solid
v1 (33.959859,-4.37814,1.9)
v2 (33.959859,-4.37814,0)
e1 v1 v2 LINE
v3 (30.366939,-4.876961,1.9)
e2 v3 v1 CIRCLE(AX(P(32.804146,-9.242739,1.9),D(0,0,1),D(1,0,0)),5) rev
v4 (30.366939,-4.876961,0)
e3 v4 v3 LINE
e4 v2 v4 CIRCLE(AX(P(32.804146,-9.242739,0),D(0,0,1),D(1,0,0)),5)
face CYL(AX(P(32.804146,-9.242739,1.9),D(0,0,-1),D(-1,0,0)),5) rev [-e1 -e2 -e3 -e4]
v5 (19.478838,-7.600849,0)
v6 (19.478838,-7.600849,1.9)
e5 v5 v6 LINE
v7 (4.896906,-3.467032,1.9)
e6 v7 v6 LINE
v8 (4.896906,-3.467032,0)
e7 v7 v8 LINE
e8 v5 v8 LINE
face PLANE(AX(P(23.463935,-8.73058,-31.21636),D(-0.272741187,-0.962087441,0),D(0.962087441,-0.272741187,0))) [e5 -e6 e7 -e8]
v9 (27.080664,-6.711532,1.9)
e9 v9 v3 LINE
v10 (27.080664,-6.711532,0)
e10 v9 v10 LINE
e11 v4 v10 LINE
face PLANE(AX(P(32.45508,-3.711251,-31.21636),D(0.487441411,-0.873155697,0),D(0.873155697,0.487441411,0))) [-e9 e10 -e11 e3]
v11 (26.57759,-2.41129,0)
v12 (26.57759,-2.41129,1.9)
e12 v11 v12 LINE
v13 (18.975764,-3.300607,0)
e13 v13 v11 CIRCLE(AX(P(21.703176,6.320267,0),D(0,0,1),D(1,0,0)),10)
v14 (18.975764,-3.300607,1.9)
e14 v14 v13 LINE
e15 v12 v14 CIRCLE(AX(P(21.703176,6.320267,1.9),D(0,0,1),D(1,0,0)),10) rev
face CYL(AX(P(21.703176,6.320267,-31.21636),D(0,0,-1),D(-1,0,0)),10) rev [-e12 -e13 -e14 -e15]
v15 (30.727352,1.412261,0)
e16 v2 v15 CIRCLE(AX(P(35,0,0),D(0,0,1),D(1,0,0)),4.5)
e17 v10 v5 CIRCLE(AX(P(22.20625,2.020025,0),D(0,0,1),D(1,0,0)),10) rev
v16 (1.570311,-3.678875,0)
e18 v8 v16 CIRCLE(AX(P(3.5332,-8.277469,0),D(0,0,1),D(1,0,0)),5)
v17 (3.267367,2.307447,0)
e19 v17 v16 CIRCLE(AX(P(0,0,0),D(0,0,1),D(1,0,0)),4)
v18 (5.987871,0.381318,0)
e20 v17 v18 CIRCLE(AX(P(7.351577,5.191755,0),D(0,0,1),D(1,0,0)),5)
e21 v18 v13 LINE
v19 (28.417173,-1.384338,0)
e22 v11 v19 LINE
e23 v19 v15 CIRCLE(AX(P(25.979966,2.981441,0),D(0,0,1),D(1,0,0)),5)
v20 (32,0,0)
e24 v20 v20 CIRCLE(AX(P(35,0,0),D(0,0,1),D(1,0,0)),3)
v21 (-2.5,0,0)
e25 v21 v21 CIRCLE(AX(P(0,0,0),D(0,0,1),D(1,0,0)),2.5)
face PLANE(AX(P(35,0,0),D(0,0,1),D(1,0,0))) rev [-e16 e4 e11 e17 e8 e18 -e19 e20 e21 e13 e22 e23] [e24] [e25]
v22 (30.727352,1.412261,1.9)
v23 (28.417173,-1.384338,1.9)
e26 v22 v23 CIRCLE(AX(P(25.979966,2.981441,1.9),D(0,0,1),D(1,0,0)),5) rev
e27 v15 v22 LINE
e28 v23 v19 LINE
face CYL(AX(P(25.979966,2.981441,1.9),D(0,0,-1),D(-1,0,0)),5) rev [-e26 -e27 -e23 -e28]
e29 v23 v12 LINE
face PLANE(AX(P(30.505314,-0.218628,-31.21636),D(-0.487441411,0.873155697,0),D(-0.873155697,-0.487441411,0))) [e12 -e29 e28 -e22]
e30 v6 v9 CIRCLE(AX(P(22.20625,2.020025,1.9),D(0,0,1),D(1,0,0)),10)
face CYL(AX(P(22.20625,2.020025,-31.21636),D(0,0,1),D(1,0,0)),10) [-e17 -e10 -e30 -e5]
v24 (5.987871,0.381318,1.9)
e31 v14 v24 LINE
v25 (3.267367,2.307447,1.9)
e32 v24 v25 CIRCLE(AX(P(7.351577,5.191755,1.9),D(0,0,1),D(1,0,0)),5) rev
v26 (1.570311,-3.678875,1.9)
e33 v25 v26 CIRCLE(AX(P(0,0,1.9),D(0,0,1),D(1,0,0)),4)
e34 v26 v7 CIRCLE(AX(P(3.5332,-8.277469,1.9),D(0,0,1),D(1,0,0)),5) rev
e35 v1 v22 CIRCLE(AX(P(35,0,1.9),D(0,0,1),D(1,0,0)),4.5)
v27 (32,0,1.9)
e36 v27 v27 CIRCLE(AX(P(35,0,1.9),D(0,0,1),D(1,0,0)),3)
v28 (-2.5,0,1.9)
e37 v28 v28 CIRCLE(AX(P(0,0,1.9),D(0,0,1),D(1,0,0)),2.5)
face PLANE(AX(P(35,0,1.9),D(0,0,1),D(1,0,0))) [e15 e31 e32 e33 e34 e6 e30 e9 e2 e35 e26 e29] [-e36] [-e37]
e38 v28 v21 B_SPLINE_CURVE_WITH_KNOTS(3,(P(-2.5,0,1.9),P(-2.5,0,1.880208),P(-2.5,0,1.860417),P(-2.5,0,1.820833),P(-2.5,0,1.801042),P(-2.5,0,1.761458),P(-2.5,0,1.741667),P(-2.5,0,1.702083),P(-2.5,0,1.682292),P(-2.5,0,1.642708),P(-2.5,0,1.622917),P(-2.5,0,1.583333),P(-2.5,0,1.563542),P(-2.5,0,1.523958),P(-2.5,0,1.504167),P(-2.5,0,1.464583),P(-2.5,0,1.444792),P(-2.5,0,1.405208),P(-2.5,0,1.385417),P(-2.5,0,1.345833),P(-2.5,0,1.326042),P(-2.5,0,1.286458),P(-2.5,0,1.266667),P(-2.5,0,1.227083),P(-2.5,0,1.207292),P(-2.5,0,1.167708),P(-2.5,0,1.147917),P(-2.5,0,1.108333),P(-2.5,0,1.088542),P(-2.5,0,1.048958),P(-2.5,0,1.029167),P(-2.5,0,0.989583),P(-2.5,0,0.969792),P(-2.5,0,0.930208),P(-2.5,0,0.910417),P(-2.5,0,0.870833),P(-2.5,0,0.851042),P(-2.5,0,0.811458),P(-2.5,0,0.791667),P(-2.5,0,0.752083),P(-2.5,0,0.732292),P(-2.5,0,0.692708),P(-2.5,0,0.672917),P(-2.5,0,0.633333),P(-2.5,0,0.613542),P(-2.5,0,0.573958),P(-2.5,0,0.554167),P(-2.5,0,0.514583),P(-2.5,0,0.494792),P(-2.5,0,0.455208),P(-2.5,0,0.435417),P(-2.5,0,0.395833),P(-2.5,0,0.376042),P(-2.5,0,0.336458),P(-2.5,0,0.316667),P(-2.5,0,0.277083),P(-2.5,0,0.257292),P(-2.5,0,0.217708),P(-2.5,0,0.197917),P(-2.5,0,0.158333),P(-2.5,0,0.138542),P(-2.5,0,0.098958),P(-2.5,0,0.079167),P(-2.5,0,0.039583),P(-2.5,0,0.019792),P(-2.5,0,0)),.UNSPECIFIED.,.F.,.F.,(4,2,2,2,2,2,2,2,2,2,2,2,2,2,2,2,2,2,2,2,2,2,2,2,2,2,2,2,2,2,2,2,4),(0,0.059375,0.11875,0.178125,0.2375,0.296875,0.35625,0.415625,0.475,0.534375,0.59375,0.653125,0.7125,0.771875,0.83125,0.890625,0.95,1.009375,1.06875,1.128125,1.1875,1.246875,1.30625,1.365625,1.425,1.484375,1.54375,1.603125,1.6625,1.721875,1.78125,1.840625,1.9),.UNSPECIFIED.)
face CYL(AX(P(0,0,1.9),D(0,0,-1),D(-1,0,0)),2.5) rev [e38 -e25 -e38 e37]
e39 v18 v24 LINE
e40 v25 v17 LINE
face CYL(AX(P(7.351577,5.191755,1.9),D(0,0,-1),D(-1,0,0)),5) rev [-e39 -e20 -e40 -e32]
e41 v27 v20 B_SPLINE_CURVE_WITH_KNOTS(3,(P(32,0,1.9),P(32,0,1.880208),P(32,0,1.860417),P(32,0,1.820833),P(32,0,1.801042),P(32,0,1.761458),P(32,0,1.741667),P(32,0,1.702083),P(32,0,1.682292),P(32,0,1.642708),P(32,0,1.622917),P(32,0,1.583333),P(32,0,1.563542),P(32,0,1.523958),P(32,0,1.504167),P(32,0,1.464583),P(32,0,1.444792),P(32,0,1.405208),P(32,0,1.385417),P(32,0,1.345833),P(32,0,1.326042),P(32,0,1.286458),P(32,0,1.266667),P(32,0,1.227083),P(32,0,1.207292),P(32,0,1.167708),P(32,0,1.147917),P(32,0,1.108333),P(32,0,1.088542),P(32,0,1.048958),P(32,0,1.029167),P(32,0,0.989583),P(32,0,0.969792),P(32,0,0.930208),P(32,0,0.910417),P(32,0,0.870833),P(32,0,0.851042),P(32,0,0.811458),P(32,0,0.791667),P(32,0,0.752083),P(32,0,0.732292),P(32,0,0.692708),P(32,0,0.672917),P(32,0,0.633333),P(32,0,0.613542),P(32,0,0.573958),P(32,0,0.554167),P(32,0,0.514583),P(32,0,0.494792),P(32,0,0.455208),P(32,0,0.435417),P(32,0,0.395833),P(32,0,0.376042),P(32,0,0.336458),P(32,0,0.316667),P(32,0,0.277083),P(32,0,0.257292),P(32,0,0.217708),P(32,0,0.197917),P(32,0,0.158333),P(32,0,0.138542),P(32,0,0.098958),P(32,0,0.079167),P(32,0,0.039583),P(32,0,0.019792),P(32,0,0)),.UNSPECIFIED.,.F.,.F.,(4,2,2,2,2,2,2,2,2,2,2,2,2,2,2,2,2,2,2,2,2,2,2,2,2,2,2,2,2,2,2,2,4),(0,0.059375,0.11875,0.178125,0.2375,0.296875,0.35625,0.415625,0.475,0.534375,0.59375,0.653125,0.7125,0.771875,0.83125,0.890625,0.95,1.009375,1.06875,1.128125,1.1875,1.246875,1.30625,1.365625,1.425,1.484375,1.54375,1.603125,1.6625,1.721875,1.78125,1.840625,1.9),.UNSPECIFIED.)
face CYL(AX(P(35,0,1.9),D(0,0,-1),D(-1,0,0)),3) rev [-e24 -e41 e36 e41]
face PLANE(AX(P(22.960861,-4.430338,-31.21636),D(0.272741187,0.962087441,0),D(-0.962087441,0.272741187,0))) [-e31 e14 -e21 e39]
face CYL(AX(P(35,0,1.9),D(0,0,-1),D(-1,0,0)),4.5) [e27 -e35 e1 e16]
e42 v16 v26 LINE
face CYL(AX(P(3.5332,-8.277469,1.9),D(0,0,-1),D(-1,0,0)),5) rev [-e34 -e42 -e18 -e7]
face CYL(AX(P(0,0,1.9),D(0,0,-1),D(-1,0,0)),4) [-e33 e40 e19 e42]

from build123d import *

# Parameters (mm, degrees)
SKETCH_1_R        = 4.5
SKETCH_1_R_2      = 3
EXTRUDE_1_DEPTH   = 1.9
SKETCH_1_R_3      = 4
SKETCH_1_R_4      = 2.5
EXTRUDE_1_2_DEPTH = 1.9
EXTRUDE_START     = -1.9
EXTRUDE_2_DEPTH   = 1.9
FILLET_1_R        = 10
FILLET_2_R        = 5


with BuildPart() as part:
    # ｽｹｯﾁ1 → ﾎﾞｽ - 押し出し1 (new body)
    with BuildSketch(Plane.XY):
        with Locations(Location((35, 0, 0), (0, 0, 180))):
            Circle(SKETCH_1_R)
        with Locations(Location((35, 0, 0), (0, 0, 180))):
            Circle(SKETCH_1_R_2, mode=Mode.SUBTRACT)
    extrude(amount=EXTRUDE_1_DEPTH)



with BuildPart() as body_2:
    # ｽｹｯﾁ1 → Extrude 1 2 (new body)
    with BuildSketch(Plane.XY):
        with Locations(Location((0, 0, 0), (0, 0, 180))):
            Circle(SKETCH_1_R_3)
        with Locations(Location((0, 0, 0), (0, 0, 180))):
            Circle(SKETCH_1_R_4, mode=Mode.SUBTRACT)
    extrude(amount=EXTRUDE_1_2_DEPTH)


with BuildPart() as part_1:
    add(part.part)

    add(body_2.part)  # ﾎﾞｽ - 押し出し2 merges body 2
    # ｽｹｯﾁ3 → ﾎﾞｽ - 押し出し2 (add)
    with BuildSketch(Plane.XY.offset(1.9).offset(EXTRUDE_START)):
        with BuildLine():
            Line((30.505314037, -0.218627753), (22.960861135, -4.430337969))
            Line((22.960861135, -4.430337969), (3.878251034, 0.979371696))
            ThreePointArc((3.878251034, 0.979371696), (3.848349766, -1.090964748), (2.787286286, -2.868978069))
            Line((2.787286286, -2.868978069), (23.463935052, -8.730580129))
            Line((23.463935052, -8.730580129), (32.455079681, -3.71125054))
            ThreePointArc((32.455079681, -3.71125054), (31.070799365, -2.19348635), (30.505314037, -0.218627753))
        make_face()
    extrude(amount=EXTRUDE_2_DEPTH)

    # ﾌｨﾚｯﾄ1
    fillet_1_edges = [part_1.edges().sort_by_distance(p)[0] for p in [
        (22.960861135, -4.430337969, 0.95),
        (23.463935052, -8.730580129, 0.95),
    ]]
    fillet(fillet_1_edges, radius=FILLET_1_R)

    # ﾌｨﾚｯﾄ2
    fillet_2_edges = [part_1.edges().sort_by_distance(p)[0] for p in [
        (3.878251034, 0.979371696, 0.95),
        (30.505314037, -0.218627753, 0.95),
        (32.455079681, -3.71125054, 0.95),
        (2.787286286, -2.868978069, 0.95),
    ]]
    fillet(fillet_2_edges, radius=FILLET_2_R)


solid = part_1.part
